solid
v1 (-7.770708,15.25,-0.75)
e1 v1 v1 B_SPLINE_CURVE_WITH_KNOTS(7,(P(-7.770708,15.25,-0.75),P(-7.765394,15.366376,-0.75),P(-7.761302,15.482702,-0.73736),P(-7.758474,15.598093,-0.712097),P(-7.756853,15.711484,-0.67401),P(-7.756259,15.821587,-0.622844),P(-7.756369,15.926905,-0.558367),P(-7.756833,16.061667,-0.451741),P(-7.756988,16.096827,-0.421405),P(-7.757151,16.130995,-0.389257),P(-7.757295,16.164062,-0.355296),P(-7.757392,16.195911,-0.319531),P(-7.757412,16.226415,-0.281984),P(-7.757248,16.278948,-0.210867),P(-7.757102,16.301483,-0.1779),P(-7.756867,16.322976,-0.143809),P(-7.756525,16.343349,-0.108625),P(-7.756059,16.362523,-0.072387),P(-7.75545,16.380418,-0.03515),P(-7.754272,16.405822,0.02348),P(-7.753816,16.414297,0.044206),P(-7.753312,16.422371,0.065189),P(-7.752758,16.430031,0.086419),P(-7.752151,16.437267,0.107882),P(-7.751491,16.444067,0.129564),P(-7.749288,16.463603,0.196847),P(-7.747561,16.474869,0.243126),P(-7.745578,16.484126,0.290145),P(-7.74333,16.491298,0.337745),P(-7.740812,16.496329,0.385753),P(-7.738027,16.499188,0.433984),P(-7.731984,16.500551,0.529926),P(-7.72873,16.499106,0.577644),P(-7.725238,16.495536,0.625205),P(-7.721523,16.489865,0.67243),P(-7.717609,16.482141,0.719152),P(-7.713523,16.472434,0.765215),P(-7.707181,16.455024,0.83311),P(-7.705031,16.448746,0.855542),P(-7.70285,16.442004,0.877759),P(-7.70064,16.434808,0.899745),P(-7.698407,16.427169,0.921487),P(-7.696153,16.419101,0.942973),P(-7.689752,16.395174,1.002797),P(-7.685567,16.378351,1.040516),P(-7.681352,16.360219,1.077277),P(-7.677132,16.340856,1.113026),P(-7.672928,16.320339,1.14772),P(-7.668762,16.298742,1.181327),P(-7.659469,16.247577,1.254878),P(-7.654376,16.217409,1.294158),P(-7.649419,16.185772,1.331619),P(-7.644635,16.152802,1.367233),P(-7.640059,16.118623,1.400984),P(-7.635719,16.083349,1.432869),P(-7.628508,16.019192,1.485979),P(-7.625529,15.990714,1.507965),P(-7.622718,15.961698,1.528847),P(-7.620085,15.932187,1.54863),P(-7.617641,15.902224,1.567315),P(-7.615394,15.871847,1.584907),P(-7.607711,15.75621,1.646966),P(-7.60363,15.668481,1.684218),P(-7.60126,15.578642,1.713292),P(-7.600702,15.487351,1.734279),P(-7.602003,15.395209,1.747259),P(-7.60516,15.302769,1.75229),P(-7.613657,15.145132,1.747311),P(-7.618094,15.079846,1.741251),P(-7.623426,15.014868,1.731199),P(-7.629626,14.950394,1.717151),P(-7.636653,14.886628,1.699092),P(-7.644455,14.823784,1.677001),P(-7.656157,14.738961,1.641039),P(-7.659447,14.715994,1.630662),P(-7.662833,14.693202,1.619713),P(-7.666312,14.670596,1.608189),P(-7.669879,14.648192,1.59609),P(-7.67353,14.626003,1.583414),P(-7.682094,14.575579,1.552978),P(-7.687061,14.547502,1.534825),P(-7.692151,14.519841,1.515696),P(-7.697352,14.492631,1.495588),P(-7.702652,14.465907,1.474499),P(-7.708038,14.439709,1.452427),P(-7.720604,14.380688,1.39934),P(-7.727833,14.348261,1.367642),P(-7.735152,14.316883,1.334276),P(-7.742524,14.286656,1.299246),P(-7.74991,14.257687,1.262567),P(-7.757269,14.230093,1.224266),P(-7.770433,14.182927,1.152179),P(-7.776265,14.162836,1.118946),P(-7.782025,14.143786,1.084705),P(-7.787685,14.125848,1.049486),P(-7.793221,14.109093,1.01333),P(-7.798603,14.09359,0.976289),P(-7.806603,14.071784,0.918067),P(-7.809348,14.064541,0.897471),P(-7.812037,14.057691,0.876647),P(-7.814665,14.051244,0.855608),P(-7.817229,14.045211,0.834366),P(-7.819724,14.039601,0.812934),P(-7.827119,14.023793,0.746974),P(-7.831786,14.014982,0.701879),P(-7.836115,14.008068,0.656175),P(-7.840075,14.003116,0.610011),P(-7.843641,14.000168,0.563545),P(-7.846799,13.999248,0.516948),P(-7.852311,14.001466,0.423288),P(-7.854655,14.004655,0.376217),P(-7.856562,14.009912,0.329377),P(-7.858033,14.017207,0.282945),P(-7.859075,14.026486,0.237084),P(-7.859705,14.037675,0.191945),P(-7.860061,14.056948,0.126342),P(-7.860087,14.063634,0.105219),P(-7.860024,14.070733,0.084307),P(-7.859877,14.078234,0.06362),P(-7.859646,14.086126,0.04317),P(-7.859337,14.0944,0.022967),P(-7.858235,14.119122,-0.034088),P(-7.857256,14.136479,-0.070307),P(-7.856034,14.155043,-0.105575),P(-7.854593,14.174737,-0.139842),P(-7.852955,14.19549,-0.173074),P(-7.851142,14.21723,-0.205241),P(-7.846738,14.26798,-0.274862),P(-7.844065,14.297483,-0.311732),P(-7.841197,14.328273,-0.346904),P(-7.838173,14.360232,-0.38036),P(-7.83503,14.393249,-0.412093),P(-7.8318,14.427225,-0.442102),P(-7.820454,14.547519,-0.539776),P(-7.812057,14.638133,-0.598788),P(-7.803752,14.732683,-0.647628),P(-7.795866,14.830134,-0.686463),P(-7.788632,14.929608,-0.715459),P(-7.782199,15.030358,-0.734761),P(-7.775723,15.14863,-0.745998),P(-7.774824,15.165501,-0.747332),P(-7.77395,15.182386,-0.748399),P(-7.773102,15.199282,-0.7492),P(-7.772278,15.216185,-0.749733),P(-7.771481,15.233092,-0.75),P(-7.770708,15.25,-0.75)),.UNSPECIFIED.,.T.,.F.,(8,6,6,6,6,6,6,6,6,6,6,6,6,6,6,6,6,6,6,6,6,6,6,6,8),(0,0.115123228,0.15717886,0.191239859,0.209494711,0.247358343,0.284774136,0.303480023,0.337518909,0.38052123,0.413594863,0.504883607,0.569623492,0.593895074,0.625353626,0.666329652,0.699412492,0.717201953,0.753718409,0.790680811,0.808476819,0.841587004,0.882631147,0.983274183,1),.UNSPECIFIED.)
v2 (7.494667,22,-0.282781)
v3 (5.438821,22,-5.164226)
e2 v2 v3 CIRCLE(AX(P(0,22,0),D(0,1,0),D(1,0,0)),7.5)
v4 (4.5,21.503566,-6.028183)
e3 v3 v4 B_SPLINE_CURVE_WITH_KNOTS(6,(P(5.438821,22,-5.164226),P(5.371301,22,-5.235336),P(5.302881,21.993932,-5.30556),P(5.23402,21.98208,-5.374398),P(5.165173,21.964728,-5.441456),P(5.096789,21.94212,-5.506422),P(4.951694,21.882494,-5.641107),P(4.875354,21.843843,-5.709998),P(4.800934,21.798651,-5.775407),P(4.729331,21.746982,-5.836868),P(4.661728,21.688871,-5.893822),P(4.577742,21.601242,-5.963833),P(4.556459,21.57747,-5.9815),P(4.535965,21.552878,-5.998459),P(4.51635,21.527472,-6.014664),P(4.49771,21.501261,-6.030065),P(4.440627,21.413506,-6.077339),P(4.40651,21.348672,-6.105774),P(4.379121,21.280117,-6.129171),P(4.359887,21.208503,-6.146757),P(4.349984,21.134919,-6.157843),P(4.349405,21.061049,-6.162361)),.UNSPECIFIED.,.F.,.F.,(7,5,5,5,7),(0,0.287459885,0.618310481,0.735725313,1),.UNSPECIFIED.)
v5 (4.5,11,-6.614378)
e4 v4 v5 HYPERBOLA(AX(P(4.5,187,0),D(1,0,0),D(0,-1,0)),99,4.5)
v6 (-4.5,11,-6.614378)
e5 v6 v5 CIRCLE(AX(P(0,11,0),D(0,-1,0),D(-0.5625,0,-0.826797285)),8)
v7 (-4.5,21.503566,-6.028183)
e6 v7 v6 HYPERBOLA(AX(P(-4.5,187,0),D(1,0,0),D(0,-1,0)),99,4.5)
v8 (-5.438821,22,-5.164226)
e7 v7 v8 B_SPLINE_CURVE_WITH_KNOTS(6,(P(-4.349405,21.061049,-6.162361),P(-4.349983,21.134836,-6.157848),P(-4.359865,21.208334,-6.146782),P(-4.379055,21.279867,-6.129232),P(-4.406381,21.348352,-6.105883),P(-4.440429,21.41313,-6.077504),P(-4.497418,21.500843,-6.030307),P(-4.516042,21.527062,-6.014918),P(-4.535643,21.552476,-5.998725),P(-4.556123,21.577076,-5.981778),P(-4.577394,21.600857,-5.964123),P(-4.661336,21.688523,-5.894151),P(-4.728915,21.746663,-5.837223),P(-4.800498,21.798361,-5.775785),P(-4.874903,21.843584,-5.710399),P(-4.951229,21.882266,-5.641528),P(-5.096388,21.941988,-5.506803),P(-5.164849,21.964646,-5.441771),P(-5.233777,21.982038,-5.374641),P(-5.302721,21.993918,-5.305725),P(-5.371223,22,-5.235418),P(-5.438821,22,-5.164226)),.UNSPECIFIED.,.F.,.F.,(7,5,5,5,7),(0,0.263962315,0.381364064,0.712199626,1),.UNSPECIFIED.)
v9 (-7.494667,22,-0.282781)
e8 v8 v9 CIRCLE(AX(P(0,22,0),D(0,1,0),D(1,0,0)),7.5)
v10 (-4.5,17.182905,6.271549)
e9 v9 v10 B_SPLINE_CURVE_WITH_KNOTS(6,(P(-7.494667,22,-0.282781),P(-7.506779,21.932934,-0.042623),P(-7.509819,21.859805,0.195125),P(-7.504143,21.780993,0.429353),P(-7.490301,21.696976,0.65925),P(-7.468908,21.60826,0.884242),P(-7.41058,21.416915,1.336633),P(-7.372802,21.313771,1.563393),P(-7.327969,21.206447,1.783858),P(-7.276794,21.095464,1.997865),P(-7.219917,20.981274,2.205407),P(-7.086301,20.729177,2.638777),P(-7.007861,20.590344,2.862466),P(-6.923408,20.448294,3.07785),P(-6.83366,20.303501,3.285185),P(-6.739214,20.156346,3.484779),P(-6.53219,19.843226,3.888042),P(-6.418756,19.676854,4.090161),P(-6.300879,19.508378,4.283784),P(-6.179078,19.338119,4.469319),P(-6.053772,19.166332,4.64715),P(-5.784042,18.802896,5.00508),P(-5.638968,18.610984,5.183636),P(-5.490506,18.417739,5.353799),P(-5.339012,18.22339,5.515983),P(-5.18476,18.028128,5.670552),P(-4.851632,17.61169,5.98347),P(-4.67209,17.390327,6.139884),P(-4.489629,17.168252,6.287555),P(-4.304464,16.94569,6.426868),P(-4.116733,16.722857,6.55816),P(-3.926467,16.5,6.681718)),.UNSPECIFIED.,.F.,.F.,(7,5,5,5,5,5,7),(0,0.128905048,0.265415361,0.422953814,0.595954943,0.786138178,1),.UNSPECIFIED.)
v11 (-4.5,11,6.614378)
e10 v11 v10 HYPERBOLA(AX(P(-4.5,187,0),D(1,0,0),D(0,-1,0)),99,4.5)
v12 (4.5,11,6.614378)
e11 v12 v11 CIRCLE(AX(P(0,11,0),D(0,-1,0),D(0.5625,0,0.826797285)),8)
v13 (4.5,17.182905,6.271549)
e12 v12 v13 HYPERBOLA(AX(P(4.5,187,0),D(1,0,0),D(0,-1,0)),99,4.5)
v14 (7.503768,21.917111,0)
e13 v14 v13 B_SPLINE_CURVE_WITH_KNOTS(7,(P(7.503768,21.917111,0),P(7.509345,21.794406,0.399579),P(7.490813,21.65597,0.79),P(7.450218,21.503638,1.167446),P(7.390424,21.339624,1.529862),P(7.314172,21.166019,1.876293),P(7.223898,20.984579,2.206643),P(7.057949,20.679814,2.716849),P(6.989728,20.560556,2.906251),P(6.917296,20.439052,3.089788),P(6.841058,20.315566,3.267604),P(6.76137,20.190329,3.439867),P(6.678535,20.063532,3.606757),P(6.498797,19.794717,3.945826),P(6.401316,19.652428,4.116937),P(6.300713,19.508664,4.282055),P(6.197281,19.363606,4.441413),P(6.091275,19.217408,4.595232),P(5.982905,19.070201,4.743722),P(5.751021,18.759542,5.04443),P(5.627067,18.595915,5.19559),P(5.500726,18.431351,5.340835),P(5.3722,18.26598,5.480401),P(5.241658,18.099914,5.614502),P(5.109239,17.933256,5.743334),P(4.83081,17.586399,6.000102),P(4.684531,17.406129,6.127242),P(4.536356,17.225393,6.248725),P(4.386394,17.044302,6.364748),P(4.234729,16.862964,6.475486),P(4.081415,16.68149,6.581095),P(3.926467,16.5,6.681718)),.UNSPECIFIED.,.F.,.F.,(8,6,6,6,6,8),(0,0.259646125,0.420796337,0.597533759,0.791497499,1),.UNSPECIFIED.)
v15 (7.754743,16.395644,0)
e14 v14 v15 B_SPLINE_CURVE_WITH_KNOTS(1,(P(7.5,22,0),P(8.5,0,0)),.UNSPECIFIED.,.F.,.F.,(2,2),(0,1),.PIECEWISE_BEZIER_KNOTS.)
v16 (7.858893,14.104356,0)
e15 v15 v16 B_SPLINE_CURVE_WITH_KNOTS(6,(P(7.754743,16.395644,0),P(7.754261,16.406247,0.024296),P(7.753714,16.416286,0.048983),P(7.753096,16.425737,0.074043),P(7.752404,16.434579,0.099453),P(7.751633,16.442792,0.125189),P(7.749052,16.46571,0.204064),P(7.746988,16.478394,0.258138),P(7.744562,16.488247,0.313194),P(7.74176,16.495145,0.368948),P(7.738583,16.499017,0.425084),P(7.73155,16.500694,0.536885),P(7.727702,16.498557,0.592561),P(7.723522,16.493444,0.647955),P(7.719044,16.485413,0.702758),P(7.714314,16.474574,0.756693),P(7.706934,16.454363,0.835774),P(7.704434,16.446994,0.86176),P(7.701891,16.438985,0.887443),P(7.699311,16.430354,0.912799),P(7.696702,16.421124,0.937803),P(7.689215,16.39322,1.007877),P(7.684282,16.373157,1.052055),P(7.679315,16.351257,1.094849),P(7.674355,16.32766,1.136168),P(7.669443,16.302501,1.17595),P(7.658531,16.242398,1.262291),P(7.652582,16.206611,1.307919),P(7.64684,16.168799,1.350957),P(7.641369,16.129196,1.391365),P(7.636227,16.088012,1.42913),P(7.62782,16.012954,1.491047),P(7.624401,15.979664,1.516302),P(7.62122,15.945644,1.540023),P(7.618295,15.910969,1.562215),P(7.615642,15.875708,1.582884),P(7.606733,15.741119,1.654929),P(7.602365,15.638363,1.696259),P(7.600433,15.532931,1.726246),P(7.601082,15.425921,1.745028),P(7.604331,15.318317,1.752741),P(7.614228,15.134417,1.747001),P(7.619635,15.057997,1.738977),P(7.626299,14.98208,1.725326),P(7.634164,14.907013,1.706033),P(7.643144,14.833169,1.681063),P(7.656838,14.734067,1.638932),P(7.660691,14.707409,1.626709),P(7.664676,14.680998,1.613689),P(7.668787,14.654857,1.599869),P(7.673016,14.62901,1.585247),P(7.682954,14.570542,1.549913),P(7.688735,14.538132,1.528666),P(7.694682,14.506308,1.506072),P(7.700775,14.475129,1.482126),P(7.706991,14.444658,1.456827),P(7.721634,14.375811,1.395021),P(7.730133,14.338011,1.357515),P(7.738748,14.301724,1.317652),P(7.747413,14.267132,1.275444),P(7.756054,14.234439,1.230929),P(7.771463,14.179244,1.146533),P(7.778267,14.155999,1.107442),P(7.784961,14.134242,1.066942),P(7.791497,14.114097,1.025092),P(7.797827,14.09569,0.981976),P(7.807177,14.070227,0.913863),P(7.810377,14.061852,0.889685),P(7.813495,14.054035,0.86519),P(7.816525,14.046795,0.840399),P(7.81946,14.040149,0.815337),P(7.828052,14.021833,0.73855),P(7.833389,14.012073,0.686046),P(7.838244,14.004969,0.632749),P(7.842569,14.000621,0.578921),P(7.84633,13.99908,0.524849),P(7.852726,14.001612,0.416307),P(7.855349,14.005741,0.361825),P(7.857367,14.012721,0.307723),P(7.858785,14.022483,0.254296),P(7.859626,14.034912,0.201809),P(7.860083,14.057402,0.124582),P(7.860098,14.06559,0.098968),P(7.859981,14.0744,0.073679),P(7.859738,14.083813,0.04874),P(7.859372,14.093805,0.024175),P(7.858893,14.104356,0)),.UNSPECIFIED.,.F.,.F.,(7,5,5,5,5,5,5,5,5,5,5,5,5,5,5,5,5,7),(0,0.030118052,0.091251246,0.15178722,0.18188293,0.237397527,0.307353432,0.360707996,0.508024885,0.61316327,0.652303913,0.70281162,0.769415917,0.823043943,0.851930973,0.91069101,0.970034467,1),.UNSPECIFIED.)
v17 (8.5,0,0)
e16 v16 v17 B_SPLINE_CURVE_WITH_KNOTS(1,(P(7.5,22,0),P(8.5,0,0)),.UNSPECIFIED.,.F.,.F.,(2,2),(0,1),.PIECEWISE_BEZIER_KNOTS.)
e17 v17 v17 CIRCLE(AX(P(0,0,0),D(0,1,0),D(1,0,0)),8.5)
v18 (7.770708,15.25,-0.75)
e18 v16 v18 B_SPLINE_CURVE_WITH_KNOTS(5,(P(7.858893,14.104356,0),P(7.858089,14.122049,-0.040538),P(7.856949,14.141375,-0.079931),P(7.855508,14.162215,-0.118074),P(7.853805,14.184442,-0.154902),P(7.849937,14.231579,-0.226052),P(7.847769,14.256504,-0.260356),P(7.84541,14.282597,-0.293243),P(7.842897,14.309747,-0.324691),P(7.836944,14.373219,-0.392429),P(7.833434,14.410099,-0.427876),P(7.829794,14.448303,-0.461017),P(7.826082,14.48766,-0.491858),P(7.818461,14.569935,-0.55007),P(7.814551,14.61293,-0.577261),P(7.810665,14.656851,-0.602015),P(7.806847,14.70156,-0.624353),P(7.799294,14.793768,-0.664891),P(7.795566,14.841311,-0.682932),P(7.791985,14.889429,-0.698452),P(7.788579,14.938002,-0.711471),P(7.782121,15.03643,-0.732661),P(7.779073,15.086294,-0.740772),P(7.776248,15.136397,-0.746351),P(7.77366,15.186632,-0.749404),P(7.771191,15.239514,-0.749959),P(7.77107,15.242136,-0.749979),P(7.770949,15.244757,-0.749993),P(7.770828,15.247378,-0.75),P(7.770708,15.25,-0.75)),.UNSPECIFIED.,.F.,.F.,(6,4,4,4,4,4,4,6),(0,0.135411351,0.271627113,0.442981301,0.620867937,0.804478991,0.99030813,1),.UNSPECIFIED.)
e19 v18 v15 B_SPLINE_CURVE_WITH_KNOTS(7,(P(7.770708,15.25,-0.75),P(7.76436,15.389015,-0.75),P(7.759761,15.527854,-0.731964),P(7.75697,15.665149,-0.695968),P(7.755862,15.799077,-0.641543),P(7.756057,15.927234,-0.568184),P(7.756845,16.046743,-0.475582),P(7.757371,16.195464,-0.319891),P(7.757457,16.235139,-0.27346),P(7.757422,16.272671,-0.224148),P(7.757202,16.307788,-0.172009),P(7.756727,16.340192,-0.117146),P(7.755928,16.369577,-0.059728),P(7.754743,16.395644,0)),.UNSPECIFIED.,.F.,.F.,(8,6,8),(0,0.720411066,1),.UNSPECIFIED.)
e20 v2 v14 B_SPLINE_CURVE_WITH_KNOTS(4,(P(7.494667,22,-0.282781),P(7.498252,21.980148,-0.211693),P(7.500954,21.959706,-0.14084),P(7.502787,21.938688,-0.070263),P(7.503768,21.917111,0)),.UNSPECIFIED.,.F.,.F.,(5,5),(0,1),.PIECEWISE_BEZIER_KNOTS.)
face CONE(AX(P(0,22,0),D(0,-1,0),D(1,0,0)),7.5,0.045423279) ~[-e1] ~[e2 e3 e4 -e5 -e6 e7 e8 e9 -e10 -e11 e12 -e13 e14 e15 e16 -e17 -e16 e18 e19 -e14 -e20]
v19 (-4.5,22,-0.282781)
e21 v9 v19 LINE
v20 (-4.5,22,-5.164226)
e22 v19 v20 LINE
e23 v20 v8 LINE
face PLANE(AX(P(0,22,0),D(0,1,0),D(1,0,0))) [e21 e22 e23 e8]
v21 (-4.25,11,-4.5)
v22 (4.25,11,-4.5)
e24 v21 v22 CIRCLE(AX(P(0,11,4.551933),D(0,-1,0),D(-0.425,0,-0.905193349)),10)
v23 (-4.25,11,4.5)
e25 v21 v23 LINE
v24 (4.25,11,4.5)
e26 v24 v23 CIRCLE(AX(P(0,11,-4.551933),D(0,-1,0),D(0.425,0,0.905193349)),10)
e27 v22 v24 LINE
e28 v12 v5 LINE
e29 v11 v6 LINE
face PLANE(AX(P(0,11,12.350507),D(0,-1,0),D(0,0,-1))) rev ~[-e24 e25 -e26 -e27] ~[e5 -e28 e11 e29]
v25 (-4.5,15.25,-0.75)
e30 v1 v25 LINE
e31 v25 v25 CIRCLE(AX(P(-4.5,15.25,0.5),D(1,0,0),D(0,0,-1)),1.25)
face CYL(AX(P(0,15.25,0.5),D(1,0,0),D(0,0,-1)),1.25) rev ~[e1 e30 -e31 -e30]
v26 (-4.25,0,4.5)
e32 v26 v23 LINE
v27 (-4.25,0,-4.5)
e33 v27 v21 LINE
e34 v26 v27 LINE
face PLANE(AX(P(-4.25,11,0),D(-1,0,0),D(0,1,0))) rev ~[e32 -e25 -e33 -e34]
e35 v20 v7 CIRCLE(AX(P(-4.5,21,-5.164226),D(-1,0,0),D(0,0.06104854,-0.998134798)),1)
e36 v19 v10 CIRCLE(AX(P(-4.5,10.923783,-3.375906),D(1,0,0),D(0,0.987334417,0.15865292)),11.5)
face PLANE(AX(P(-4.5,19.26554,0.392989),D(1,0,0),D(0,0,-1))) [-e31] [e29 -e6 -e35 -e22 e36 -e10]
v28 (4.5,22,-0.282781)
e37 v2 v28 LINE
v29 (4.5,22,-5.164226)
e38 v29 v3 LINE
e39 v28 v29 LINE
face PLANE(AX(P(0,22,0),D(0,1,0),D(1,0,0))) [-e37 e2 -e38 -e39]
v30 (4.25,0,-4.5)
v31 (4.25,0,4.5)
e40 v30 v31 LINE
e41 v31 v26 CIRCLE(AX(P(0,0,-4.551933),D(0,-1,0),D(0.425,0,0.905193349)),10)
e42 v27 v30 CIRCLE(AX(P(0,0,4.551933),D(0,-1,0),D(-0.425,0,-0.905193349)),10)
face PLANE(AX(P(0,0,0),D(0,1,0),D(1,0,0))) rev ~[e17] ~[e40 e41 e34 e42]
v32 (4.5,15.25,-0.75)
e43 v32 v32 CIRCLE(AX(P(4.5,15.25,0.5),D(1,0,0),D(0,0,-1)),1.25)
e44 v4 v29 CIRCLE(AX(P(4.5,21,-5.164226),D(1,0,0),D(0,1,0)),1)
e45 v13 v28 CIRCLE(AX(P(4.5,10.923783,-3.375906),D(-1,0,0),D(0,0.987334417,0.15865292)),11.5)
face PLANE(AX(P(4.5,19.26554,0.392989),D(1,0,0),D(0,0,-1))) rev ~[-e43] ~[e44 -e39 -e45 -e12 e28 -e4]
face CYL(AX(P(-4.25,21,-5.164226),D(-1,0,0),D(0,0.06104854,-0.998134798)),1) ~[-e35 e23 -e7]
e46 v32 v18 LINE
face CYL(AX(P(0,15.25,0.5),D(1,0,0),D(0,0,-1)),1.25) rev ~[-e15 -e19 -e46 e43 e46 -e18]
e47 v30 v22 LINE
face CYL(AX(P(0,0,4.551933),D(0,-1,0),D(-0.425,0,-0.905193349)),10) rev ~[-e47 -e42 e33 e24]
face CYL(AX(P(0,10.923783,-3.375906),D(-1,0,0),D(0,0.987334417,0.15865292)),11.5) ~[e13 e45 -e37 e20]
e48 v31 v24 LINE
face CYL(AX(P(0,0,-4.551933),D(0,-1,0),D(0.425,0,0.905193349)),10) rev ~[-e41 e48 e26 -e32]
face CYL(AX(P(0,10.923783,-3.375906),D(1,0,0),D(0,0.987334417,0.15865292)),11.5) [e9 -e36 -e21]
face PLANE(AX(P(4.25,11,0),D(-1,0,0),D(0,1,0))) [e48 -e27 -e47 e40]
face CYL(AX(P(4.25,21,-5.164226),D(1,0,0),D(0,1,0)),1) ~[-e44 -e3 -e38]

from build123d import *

# Parameters (mm, degrees)
SKETCH2_R               = 7.5
SKETCH3_R               = 8.5
SKETCH9_W               = 8.5
SKETCH9_H               = 24.609106297
CUT_EXTRUDE1_DEPTH      = 10
CUT_EXTRUDE1_DEPTH_BACK = 10
CUT_EXTRUDE2_DEPTH      = 10
CUT_EXTRUDE2_DEPTH_BACK = 10
CUT_EXTRUDE3_DEPTH      = 14
FILLET1_R               = 1
SKETCH12_R              = 1.25
CUT_EXTRUDE4_DEPTH      = 9
SKETCH13_W              = 23.915036099
SKETCH13_H              = 16.531080044
CUT_EXTRUDE5_DEPTH      = 4.5


with BuildPart() as part:
    # Sketch2 → Loft1 section 0
    with BuildSketch(Plane(origin=(0, 22, 0), x_dir=(1, 0, 0), z_dir=(0, 1, 0))):
        Circle(SKETCH2_R)
    # Sketch3 → Loft1 section 1
    with BuildSketch(Plane(origin=(0, 0, 0), x_dir=(1, 0, 0), z_dir=(0, 1, 0))):
        Circle(SKETCH3_R)
    loft()

    # Sketch9 → Cut-Extrude1 (cut, two sides)
    with BuildSketch(Plane.XY) as cut_extrude1_sk:
        with Locations((0, 23.304553149)):
            Rectangle(SKETCH9_W, SKETCH9_H)
    extrude(amount=CUT_EXTRUDE1_DEPTH, mode=Mode.SUBTRACT)
    extrude(cut_extrude1_sk.sketch, amount=-CUT_EXTRUDE1_DEPTH_BACK, mode=Mode.SUBTRACT)

    # Sketch10 → Cut-Extrude2 (cut, two sides)
    with BuildSketch(Plane(origin=(0, 0, 0), x_dir=(0, 0, -1), z_dir=(1, 0, 0))) as cut_extrude2_sk:
        with BuildLine():
            ThreePointArc((1.551397817, 22.278129211), (-3.230375863, 20.336914385), (-6.681717999, 16.5))
            Line((-6.681717999, 16.5), (-6.777720856, 11))
            Line((-6.777720856, 11), (-14.541953313, 11))
            Line((-14.541953313, 11), (-14.541953313, 25.761445422))
            Line((-14.541953313, 25.761445422), (14.965624753, 25.761445422))
            Line((14.965624753, 25.761445422), (14.965624753, 11))
            Line((14.965624753, 11), (6.777720856, 11))
            Line((6.777720856, 11), (6.043769414, 23))
            Line((6.043769414, 23), (1.551397817, 22.278129211))
        make_face()
    extrude(amount=CUT_EXTRUDE2_DEPTH, mode=Mode.SUBTRACT)
    extrude(cut_extrude2_sk.sketch, amount=-CUT_EXTRUDE2_DEPTH_BACK, mode=Mode.SUBTRACT)

    # Sketch11 → Cut-Extrude3 (cut)
    with BuildSketch(Plane(origin=(0, 0, 0), x_dir=(-1, 0, 0), z_dir=(0, -1, 0))):
        with BuildLine():
            Line((4.25, -4.5), (4.25, 4.5))
            ThreePointArc((4.25, 4.5), (0, 5.448066505), (-4.25, 4.5))
            Line((-4.25, 4.5), (-4.25, -4.5))
            ThreePointArc((-4.25, -4.5), (0, -5.448066505), (4.25, -4.5))
        make_face()
    extrude(amount=-CUT_EXTRUDE3_DEPTH, mode=Mode.SUBTRACT)

    # Fillet1
    fillet1_edges = [part.edges().sort_by_distance(p)[0] for p in [
        (4.303290893, 22, -6.104932034),
        (-4.303290893, 22, -6.104932034),
    ]]
    fillet(fillet1_edges, radius=FILLET1_R)

    # Sketch12 → Cut-Extrude4 (cut, symmetric)
    with BuildSketch(Plane(origin=(0, 0, 0), x_dir=(0, 0, -1), z_dir=(1, 0, 0))):
        with Locations((-0.5, 15.25)):
            Circle(SKETCH12_R)
    extrude(amount=CUT_EXTRUDE4_DEPTH, both=True, mode=Mode.SUBTRACT)

    # Sketch13 → Cut-Extrude5 (cut, symmetric)
    with BuildSketch(Plane(origin=(0, 0, 0), x_dir=(0, 0, -1), z_dir=(1, 0, 0))):
        with Locations((-0.392988947, 19.265540022)):
            Rectangle(SKETCH13_W, SKETCH13_H)
    extrude(amount=CUT_EXTRUDE5_DEPTH, both=True, mode=Mode.SUBTRACT)


solid = part.part
